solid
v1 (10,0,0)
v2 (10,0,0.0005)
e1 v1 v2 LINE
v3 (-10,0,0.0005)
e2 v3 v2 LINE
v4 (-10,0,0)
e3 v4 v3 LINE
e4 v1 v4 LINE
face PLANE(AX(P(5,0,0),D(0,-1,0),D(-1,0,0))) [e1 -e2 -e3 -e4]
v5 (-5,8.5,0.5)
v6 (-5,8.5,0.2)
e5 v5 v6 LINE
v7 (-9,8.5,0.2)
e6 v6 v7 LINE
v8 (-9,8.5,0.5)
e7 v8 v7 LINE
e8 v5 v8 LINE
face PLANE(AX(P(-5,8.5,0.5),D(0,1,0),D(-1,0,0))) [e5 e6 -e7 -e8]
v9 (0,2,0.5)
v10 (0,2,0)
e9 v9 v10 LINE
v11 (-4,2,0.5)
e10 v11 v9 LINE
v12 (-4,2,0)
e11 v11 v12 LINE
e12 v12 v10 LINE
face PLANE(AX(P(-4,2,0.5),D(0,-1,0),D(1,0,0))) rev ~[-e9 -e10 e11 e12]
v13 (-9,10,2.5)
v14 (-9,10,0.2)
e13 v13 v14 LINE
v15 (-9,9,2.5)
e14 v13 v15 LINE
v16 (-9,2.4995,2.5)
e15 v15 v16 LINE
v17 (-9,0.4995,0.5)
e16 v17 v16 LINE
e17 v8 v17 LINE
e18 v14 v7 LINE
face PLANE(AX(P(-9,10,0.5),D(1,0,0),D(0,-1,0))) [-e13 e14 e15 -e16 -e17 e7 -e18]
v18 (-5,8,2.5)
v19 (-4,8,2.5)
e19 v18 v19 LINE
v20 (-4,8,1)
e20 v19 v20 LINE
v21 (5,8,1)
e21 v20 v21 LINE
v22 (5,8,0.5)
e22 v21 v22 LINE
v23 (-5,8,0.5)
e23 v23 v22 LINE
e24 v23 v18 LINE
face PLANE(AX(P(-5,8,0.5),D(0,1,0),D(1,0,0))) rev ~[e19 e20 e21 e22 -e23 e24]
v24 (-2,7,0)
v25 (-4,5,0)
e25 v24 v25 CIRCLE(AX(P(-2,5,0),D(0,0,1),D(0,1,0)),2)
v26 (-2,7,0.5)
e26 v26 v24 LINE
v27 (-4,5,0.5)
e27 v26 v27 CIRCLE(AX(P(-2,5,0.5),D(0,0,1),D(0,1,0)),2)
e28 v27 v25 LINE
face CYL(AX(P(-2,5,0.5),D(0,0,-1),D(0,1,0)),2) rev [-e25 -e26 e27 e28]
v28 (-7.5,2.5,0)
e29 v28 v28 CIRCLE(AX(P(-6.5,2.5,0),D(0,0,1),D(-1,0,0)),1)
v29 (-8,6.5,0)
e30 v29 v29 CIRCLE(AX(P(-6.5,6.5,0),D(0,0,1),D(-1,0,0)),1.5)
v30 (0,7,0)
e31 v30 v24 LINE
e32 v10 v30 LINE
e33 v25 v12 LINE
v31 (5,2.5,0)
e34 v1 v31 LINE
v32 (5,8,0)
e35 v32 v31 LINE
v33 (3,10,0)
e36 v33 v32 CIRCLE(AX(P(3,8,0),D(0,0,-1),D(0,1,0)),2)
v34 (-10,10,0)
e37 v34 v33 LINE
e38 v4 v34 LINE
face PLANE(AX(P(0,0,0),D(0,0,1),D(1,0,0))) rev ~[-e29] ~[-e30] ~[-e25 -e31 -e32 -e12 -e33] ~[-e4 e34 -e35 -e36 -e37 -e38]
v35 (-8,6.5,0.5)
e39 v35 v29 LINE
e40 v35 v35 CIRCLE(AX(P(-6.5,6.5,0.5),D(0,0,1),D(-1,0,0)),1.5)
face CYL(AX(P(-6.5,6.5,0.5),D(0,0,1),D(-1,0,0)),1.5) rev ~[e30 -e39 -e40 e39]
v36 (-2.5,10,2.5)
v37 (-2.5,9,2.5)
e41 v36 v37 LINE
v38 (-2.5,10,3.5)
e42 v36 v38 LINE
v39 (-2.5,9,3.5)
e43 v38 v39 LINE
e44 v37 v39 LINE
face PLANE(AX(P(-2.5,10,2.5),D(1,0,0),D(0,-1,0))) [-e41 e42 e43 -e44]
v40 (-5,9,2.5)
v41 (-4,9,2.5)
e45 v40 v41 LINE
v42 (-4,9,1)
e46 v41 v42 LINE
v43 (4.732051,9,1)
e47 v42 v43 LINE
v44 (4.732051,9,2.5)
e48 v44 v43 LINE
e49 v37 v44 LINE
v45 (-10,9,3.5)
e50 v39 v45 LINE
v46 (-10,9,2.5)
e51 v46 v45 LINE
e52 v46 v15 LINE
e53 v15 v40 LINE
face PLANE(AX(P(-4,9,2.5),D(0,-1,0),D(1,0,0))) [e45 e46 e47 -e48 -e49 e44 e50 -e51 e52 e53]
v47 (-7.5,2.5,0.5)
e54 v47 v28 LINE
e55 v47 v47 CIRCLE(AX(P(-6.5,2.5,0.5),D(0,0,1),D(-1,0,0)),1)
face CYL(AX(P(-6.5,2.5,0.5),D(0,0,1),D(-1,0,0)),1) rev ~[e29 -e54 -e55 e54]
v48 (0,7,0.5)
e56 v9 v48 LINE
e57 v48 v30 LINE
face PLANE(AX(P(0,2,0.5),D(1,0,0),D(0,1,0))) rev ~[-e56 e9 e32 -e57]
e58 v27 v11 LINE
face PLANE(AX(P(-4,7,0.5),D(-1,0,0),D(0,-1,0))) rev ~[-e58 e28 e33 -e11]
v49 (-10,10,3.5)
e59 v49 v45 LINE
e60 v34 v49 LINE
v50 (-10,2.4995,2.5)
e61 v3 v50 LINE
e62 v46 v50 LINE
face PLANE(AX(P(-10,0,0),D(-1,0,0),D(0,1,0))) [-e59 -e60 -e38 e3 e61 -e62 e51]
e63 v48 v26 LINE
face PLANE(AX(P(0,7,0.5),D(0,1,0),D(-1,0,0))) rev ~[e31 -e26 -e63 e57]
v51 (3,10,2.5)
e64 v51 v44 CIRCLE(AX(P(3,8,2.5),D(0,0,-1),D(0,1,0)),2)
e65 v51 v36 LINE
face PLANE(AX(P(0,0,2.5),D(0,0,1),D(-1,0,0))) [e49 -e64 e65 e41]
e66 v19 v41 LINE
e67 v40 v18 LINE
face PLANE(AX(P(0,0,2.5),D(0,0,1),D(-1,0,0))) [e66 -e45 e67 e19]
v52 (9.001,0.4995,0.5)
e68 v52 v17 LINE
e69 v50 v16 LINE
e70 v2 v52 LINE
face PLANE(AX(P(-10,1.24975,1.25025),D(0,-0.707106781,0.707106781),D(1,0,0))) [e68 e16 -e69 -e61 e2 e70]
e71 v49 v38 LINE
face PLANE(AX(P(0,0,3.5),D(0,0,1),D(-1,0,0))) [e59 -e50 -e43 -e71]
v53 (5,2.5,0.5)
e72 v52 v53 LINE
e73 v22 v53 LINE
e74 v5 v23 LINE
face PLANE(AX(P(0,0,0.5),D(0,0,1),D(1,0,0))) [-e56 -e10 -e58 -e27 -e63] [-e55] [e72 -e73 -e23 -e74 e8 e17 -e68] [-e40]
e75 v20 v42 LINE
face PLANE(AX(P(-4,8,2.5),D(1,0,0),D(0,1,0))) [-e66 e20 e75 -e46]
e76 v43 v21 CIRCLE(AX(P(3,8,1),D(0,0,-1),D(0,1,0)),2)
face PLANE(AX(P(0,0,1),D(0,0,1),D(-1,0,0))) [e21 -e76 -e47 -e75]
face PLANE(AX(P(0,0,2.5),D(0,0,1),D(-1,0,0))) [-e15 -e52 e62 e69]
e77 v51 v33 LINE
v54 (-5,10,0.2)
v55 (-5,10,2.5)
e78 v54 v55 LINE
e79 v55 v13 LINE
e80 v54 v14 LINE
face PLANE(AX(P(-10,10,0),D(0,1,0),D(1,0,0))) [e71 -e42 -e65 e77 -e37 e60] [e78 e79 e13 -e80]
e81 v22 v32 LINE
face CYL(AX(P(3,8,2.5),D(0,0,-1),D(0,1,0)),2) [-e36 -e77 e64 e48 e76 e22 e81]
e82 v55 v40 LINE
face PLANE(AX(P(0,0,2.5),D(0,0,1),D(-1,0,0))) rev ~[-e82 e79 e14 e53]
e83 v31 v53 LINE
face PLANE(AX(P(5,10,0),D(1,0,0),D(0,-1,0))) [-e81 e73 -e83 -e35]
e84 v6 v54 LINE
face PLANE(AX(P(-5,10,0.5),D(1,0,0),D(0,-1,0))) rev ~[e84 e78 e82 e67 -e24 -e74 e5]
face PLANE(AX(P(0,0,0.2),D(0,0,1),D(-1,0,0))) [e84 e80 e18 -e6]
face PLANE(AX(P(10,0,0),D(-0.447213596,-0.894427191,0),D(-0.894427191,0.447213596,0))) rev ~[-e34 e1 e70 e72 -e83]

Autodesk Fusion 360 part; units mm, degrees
sketch "Sketch1" plane through (0, 0, 0) normal (0, 0, 1) x (1, 0, 0) in component "test"
  line L0 (-10, 10) -> (5, 10)
  line L1 (5, 10) -> (5, 0)
  line L2 (5, 0) -> (-10, 0)
  line L3 (-10, 0) -> (-10, 10)
  line L4 (5, 0) -> (10, 0)
  line L5 (10, 0) -> (5, 2.5)
  dimension "d1" = 15
  dimension "d2" = 10
extrude "Extrude1" add sketch "Sketch1" along normal blind 0.5 in component "test"
sketch "Sketch2" plane through (0, 0, 0.5) normal (0, 0, 1) x (-1, 0, 0) in component "test"
  line L0 (10, 0) -> (-10, 0)
  line L1 (-5, -2.5) -> (-5, -10)
  line L2 (-5, -10) -> (10, -10)
  line L3 (10, -10) -> (10, 0)
  line L4 (10, -10) -> (9, -10)
  line L5 (9, -10) -> (9, 0)
  line L6 (9, 0) -> (10, 0)
  line L7 (10, 0) -> (10, -10)
  line L8 (-5, -10) -> (5, -10)
  line L9 (5, -10) -> (5, -8)
  line L10 (5, -8) -> (-5, -8)
  line L11 (-5, -8) -> (-5, -10)
  line L12 (-10, 0) -> (-5, -2.5)
extrude "Extrude2" add sketch "Sketch2" along normal blind 2 contours L0 L2 L3 L4 L5 L6 L7 | L1 L2 L8 L9 L10 L11 in component "test"
sketch "Sketch3" plane through (0, 0, 2.5) normal (0, 0, 1) x (-1, 0, 0) in component "test"
  line L0 (-5, -8) -> (-5, -10)
  line L1 (-5, -10) -> (5, -10)
  line L2 (5, -10) -> (5, -8)
  line L3 (5, -8) -> (-5, -8)
  line L4 (-5, -8) -> (4, -8)
  line L5 (4, -8) -> (4, -9)
  line L6 (4, -9) -> (-5, -9)
  line L7 (-5, -9) -> (-5, -8)
extrude "Extrude3" cut sketch "Sketch3" against normal blind 1.5 contours L0 L3 L4 L5 L6 L7 in component "test"
sketch "Sketch4" plane through (0, 0, 0.5) normal (0, 0, 1) x (-1, 0, 0) in component "test"
  line L0 (5, -8) -> (5, -10)
  line L1 (5, -10) -> (9, -10)
  line L2 (9, -10) -> (9, 0)
  line L3 (9, 0) -> (-10, 0)
  line L4 (-5, -2.5) -> (-5, -8)
  line L5 (-5, -8) -> (5, -8)
  line L6 (0, -7) -> (4, -7)
  line L7 (4, -7) -> (4, -2)
  line L8 (4, -2) -> (0, -2)
  line L9 (0, -2) -> (0, -7)
  circle A0 centre (6.5, -6.5) radius 1.5
  circle A1 centre (6.5, -2.5) radius 1
  line L10 (-10, 0) -> (-5, -2.5)
  dimension "d9" = 3
  dimension "d10" = 2
extrude "Extrude4" cut sketch "Sketch4" against normal through all contours L6 L7 L8 L9 | A0 | A1 in component "test"
sketch "Sketch5" plane through (0, 0, 2.5) normal (0, 0, 1) x (-1, 0, 0) in component "test"
  line L0 (10, 0) -> (9, 0)
  line L1 (9, 0) -> (9, -10)
  line L2 (9, -10) -> (10, -10)
  line L3 (10, -10) -> (10, 0)
  line L4 (10, -10) -> (2.5, -10)
  line L5 (2.5, -10) -> (2.5, -9)
  line L6 (2.5, -9) -> (10, -9)
  line L7 (10, -9) -> (10, -10)
extrude "Extrude5" add sketch "Sketch5" along normal blind 1 contours L1 L2 L3 L4 L6 L7 | L1 L4 L5 L6 in component "test"
chamfer "Chamfer1" distance 2.5 angle 45 1 edges at (-9.5, 0, 2.5) in component "test"
fillet "Fillet1" radius 2 1 edges at (5, 10, 1.25) in component "test"
fillet "Fillet2" radius 2 1 edges at (-4, 7, 0.25) in component "test"
sketch "Sketch6" plane through (0, 0, 0.5) normal (0, 0, 1) x (-1, 0, 0) in component "test"
  line L0 (9, -0.5) -> (-9, -0.5)
  line L1 (-9, -0.5) -> (-5, -2.5)
  line L2 (-5, -2.5) -> (-5, -8)
  line L3 (-5, -8) -> (5, -8)
  line L4 (5, -8) -> (5, -10)
  line L5 (5, -10) -> (9, -10)
  line L6 (9, -10) -> (9, -0.5)
  line L7 (0, -2) -> (4, -2)
  line L8 (4, -2) -> (4, -5)
  arc A0 (2, -7) -> (4, -5) centre (2, -5) ccw
  line L9 (2, -7) -> (0, -7)
  line L10 (0, -7) -> (0, -2)
  circle A1 centre (6.5, -6.5) radius 1.5
  circle A2 centre (6.5, -2.5) radius 1
  line L11 (5, -8.5) -> (9, -8.5)
  line L12 (9, -8.5) -> (9, -10)
  line L13 (9, -10) -> (5, -10)
  line L14 (5, -10) -> (5, -8.5)
extrude "Extrude6" cut sketch "Sketch6" against normal blind 0.3 contours L4 L5 L6 L11 L12 L13 L14 in component "test"
component "test" placed x (1, 0, 0) y (0, 1, 0) z (0, 0, 1) at (0, 0, 0)
